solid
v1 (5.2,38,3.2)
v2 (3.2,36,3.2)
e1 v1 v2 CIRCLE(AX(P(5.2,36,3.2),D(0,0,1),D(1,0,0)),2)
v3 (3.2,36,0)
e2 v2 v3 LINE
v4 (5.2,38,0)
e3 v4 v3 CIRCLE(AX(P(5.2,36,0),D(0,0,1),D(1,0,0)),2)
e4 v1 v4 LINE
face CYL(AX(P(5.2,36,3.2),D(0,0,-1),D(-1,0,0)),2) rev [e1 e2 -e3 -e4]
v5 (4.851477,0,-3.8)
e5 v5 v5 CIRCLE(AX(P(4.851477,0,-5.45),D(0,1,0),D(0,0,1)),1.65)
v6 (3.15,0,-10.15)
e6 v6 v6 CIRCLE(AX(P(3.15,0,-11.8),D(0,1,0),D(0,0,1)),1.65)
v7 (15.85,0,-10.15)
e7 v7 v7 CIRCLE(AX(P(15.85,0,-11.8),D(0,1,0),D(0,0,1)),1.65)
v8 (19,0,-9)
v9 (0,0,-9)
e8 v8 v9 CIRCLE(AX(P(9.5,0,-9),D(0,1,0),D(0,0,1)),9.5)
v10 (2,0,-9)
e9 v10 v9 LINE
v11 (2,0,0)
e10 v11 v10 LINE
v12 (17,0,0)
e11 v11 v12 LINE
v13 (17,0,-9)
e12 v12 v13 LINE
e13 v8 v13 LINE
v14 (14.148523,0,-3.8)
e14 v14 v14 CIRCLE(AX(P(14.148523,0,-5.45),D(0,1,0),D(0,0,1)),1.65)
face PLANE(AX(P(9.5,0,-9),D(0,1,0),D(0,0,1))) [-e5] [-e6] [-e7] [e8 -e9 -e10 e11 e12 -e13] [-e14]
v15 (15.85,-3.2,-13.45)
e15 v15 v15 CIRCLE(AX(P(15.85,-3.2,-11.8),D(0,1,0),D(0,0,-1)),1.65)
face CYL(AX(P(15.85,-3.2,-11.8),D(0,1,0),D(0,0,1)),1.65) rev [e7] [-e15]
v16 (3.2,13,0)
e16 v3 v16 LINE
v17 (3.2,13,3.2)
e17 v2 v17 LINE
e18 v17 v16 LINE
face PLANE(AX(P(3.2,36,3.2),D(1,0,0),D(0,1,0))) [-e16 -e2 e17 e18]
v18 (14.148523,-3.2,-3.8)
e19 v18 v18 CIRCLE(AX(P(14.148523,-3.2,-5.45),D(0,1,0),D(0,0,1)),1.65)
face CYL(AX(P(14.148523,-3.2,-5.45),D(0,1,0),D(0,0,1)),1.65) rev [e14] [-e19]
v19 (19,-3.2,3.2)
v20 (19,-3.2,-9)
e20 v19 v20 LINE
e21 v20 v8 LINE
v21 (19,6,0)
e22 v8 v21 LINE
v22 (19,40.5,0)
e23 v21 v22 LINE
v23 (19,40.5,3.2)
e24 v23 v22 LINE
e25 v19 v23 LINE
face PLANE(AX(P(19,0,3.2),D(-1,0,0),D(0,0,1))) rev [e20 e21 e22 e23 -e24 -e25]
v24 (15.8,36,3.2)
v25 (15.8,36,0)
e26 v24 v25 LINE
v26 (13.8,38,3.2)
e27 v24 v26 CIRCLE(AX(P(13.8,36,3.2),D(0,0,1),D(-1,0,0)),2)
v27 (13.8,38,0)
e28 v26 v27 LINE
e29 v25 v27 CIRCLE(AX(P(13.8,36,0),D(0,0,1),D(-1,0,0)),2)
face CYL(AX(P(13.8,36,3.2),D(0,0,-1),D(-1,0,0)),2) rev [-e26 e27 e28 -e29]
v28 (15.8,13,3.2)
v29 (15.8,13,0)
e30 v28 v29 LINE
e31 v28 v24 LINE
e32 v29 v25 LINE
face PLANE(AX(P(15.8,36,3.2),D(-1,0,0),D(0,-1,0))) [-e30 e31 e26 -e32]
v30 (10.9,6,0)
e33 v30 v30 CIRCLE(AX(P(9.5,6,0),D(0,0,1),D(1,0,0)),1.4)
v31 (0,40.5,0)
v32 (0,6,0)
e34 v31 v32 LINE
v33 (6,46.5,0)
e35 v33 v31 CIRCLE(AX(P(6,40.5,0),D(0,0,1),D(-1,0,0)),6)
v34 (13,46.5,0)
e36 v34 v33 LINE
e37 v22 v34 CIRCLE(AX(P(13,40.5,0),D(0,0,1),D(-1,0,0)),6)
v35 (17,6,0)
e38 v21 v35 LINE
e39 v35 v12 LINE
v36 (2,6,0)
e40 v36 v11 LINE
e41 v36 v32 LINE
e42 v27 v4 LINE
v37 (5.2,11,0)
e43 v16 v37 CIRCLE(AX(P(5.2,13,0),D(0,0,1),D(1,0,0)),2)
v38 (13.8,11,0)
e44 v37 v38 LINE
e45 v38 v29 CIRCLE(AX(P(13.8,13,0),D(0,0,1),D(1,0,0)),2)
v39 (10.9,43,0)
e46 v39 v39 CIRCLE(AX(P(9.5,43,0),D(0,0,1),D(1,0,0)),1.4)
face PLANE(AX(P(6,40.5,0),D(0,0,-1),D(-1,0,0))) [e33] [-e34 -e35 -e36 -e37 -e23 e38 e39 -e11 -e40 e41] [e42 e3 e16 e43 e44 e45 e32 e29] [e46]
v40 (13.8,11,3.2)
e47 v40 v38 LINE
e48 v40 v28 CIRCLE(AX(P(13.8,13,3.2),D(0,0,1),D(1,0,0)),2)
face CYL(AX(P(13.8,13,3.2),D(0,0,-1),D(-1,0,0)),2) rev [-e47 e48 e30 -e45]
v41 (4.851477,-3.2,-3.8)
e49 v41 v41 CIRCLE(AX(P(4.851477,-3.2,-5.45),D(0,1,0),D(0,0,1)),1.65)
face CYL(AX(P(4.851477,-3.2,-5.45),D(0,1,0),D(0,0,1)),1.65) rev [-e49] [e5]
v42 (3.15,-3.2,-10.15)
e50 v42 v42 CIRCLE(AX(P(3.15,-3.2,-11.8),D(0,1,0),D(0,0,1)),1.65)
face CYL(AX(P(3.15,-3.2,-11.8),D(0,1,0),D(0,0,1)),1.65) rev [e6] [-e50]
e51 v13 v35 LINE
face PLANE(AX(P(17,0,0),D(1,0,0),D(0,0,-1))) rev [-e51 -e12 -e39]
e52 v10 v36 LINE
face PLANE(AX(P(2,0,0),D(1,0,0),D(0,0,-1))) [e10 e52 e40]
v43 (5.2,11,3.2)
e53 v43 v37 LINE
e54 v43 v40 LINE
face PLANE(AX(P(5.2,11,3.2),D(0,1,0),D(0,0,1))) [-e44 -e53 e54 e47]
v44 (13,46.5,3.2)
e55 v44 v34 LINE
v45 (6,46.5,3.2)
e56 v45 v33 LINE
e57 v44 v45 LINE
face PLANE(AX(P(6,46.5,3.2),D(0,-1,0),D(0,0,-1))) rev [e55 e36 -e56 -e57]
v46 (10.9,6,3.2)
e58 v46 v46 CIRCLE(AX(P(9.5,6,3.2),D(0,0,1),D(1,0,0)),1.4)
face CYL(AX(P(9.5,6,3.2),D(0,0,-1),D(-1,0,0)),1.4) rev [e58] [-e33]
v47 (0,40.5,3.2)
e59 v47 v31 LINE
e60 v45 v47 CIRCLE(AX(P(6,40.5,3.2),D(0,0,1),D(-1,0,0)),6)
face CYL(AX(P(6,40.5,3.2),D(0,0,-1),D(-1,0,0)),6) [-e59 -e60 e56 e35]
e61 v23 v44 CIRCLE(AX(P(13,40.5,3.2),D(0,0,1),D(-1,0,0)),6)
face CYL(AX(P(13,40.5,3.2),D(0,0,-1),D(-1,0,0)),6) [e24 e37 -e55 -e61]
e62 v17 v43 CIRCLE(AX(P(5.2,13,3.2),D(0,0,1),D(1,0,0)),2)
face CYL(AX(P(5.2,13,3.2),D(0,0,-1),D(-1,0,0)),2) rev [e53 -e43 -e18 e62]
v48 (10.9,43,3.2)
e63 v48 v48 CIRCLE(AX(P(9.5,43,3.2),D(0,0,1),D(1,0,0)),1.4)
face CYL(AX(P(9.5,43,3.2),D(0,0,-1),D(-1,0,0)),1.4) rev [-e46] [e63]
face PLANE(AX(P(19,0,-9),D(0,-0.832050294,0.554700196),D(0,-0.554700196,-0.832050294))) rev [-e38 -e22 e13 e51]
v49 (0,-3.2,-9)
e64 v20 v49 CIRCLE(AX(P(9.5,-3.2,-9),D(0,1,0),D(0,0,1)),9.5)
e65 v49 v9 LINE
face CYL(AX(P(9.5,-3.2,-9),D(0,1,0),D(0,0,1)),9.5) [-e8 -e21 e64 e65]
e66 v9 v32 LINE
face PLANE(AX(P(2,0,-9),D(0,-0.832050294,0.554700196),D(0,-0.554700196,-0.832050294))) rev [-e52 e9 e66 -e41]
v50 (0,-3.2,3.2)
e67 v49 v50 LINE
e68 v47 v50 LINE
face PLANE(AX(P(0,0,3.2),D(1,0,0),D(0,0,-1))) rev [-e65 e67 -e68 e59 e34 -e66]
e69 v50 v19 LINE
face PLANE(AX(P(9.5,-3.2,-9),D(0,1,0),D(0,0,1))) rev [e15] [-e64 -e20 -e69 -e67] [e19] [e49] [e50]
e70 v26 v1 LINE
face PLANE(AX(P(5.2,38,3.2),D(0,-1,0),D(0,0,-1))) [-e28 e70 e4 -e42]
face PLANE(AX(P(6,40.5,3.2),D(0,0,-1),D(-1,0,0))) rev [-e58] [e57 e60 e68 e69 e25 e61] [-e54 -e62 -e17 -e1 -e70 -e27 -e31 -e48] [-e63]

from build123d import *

# Parameters (mm, degrees)
SKETCH1_R               = 1.4
BOSS_EXTRUDE1_DEPTH     = 3.2
BOSS_EXTRUDE3_DEPTH     = 3.2
BOSS_EXTRUDE4_DEPTH     = 2
LPATTERN1_COUNT         = 2
LPATTERN1_PITCH         = 17
CUT_EXTRUDE1_DEPTH      = 54.530365215
CUT_EXTRUDE4_DEPTH      = 54.530365215
CUT_EXTRUDE4_DEPTH_BACK = 54.530365215
SKETCH8_R               = 1.65


with BuildPart() as part:
    # Sketch1 → Boss-Extrude1 (new body)
    with BuildSketch(Plane.XY):
        with BuildLine():
            Line((0, 0), (19, 0))
            Line((19, 0), (19, 40.5))
            ThreePointArc((19, 40.5), (17.242640687, 44.742640687), (13, 46.5))
            Line((13, 46.5), (6, 46.5))
            ThreePointArc((6, 46.5), (1.757359313, 44.742640687), (0, 40.5))
            Line((0, 40.5), (0, 0))
        make_face()
        with Locations((9.5, 6)):
            Circle(SKETCH1_R, mode=Mode.SUBTRACT)
        with Locations((9.5, 43)):
            Circle(SKETCH1_R, mode=Mode.SUBTRACT)
    extrude(amount=BOSS_EXTRUDE1_DEPTH)

    # Sketch2 → Boss-Extrude3 (add)
    with BuildSketch(Plane(origin=(0, 0, 0), x_dir=(1, 0, 0), z_dir=(0, 1, 0))):
        with BuildLine():
            Line((0, 9), (0, -3.2))
            Line((0, -3.2), (19, -3.2))
            Line((19, -3.2), (19, 9))
            ThreePointArc((19, 9), (9.5, 18.5), (0, 9))
        make_face()
    extrude(amount=-BOSS_EXTRUDE3_DEPTH)

    # Sketch3 → Boss-Extrude4 (add)
    with BuildSketch(Plane(origin=(0, 0, 0), x_dir=(0, 0, -1), z_dir=(1, 0, 0))):
        Polygon((0, 0), (9, 0), (0, 6), align=None)
    boss_extrude4 = extrude(amount=BOSS_EXTRUDE4_DEPTH)

    # LPattern1: Boss-Extrude4 ×2
    with Locations(*[(i * LPATTERN1_PITCH, 0, 0) for i in range(1, LPATTERN1_COUNT)]):
        add(boss_extrude4)

    # Sketch4 → Cut-Extrude1 (cut, through all)
    with BuildSketch(Plane.XY):
        with BuildLine():
            Line((5.2, 38), (13.8, 38))
            ThreePointArc((13.8, 38), (15.214213562, 37.414213562), (15.8, 36))
            Line((15.8, 36), (15.8, 13))
            ThreePointArc((15.8, 13), (15.214213562, 11.585786438), (13.8, 11))
            Line((13.8, 11), (5.2, 11))
            ThreePointArc((5.2, 11), (3.785786438, 11.585786438), (3.2, 13))
            Line((3.2, 13), (3.2, 36))
            ThreePointArc((3.2, 36), (3.785786438, 37.414213562), (5.2, 38))
        make_face()
    extrude(amount=CUT_EXTRUDE1_DEPTH, mode=Mode.SUBTRACT)

    # Sketch8 → Cut-Extrude4 (cut, two sides: drawn at the far end of the back side and taken through both)
    with BuildSketch(Plane(origin=(0, 0, 0), x_dir=(1, 0, 0), z_dir=(0, 1, 0)).offset(-CUT_EXTRUDE4_DEPTH_BACK)):
        with Locations(Location((3.15, 11.8, 0), (0, 0, 270))):
            Circle(SKETCH8_R)
        with Locations(Location((14.14852263, 5.45, 0), (0, 0, 270))):
            Circle(SKETCH8_R)
        with Locations(Location((4.85147737, 5.45, 0), (0, 0, 270))):
            Circle(SKETCH8_R)
        with Locations(Location((15.85, 11.8, 0), (0, 0, 270))):
            Circle(SKETCH8_R)
    extrude(amount=CUT_EXTRUDE4_DEPTH + CUT_EXTRUDE4_DEPTH_BACK, mode=Mode.SUBTRACT)


solid = part.part
